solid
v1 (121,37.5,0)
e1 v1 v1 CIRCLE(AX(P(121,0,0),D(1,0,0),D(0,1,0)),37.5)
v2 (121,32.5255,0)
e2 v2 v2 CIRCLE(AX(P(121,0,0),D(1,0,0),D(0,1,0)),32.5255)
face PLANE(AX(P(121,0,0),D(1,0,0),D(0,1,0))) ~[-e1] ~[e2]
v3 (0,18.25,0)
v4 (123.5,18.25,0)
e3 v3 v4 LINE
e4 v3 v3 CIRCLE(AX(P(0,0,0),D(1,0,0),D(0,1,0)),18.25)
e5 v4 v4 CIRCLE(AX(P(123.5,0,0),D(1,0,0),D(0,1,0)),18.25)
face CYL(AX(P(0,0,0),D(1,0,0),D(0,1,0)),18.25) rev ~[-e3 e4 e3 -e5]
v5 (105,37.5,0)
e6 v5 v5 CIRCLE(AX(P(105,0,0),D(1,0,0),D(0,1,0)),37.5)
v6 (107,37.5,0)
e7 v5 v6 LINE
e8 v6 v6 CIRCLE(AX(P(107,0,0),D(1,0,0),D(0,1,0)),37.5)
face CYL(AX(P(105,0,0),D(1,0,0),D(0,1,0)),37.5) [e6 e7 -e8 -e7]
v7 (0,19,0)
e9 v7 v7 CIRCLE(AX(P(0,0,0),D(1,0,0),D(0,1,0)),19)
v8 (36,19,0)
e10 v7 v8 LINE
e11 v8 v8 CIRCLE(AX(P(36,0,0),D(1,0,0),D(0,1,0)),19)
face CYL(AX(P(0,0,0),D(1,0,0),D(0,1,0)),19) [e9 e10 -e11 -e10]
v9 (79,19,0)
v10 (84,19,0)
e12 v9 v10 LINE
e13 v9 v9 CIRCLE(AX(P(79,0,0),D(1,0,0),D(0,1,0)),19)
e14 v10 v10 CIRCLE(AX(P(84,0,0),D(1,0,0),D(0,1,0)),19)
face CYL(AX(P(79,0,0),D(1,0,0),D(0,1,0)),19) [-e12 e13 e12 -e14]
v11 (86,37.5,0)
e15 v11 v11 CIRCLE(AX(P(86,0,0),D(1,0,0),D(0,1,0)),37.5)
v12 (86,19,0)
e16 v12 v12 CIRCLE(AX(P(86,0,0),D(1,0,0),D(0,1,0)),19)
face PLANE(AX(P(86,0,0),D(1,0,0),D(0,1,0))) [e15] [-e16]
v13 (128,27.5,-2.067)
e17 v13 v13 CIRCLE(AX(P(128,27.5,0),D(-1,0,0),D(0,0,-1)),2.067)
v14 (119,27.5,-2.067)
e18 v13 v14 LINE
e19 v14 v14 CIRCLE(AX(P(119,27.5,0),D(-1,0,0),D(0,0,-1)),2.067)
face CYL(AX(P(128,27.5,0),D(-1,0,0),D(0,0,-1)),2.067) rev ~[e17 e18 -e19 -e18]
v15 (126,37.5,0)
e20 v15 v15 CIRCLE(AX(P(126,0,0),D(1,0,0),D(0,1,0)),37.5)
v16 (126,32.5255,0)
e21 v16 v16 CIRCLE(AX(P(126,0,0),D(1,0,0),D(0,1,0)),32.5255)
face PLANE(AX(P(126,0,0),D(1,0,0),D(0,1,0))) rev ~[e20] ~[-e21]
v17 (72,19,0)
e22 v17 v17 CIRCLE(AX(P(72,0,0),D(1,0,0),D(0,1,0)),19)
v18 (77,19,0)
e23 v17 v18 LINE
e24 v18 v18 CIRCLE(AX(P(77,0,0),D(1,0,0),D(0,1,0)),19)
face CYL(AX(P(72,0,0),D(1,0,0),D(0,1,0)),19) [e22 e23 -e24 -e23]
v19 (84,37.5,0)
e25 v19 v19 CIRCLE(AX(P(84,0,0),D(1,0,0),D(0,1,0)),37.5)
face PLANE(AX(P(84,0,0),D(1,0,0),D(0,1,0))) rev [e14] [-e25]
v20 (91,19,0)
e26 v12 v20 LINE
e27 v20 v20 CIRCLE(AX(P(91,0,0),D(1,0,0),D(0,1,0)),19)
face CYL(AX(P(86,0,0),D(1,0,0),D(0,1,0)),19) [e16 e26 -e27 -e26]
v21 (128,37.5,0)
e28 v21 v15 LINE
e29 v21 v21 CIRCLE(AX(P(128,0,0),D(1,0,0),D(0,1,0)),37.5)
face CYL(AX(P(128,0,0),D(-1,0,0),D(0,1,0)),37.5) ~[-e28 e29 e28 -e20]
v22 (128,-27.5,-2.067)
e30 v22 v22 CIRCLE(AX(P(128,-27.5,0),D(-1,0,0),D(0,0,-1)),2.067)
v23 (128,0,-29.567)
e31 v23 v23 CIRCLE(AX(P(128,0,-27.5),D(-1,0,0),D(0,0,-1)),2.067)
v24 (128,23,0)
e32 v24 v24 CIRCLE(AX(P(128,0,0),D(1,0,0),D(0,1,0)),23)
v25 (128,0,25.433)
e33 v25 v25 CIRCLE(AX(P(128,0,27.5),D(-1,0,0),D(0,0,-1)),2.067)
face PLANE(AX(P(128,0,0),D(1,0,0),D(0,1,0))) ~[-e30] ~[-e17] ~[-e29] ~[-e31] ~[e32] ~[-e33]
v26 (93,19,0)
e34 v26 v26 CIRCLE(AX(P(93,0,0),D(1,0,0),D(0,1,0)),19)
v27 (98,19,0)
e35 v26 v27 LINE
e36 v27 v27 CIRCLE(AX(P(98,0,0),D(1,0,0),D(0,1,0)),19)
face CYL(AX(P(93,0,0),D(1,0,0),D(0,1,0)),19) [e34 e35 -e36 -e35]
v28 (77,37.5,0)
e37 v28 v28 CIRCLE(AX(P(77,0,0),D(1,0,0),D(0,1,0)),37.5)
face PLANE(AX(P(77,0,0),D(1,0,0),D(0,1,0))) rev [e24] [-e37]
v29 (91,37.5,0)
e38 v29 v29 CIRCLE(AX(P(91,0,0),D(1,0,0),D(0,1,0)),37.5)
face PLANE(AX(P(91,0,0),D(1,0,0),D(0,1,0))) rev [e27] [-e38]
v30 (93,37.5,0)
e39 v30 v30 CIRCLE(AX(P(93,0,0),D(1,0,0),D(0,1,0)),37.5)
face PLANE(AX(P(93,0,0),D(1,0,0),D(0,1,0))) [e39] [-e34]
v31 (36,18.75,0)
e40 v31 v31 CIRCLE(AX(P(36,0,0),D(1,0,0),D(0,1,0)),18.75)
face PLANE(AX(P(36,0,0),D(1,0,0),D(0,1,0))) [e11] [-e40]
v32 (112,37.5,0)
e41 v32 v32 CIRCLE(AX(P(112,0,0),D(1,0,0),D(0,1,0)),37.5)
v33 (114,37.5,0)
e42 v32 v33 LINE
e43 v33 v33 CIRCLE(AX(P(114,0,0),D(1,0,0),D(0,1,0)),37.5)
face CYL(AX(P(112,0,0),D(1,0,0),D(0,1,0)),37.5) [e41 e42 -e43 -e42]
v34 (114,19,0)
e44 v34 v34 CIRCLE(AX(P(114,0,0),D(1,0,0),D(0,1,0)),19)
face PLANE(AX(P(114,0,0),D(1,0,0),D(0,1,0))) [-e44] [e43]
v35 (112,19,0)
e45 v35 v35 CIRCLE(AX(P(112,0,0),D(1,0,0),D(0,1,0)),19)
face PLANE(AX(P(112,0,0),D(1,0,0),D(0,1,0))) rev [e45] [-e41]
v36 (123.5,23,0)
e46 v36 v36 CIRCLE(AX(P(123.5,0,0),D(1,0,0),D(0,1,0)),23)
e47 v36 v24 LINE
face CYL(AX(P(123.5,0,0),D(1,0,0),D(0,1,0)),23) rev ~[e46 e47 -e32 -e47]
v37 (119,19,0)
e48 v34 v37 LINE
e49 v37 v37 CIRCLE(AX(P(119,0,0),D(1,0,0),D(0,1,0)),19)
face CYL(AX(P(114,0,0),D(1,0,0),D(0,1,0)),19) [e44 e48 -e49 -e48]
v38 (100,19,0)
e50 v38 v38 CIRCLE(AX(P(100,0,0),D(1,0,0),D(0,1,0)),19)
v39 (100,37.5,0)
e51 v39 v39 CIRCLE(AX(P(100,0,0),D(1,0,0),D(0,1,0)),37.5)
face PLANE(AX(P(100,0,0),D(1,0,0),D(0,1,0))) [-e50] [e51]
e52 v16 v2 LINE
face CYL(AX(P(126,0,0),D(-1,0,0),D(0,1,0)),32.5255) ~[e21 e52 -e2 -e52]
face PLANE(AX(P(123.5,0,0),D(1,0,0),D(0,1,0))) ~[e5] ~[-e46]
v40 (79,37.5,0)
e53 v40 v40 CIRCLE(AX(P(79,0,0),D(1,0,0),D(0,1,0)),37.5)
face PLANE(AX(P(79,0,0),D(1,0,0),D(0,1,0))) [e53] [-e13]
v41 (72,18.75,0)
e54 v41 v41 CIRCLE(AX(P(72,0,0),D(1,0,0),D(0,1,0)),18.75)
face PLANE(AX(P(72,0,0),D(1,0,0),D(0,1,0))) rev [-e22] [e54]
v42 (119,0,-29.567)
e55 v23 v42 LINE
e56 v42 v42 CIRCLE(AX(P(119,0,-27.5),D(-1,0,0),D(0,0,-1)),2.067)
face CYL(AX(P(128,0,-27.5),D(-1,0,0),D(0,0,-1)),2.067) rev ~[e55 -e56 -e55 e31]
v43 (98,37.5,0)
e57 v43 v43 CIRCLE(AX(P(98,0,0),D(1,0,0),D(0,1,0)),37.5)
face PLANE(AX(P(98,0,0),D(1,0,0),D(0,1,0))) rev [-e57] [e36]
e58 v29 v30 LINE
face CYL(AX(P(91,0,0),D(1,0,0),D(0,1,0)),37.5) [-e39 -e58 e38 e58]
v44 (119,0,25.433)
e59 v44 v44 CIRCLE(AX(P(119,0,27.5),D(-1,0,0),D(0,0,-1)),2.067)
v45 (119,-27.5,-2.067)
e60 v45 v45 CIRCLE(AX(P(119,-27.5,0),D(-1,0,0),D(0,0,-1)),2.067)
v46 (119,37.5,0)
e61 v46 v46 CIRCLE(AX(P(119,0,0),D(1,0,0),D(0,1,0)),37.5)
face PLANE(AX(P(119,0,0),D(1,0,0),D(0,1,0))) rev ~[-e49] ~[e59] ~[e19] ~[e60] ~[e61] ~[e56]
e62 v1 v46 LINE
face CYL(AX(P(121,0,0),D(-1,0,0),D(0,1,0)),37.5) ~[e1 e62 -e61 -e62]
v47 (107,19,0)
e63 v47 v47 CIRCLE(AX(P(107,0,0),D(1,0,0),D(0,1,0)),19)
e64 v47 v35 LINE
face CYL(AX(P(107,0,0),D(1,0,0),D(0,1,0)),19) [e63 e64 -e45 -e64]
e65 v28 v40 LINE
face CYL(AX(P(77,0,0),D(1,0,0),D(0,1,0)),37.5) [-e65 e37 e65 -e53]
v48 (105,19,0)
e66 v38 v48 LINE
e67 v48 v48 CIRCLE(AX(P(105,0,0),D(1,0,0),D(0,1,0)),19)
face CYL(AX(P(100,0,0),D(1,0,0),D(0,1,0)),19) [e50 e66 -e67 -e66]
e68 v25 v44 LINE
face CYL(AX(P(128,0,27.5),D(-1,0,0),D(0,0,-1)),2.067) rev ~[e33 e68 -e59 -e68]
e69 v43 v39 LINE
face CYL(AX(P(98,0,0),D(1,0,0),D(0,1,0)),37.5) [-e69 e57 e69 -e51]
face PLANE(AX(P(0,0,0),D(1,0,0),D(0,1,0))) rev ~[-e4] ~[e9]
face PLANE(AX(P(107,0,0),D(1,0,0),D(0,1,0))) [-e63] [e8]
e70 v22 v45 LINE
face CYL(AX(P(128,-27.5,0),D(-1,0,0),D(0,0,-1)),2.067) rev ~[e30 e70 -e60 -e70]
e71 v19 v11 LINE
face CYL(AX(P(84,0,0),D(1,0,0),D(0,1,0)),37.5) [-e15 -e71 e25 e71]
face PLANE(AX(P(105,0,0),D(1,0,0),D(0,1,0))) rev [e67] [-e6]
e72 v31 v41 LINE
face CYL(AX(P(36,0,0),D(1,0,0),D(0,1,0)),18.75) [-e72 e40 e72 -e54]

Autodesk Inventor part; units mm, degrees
ref_plane "YZ Plane" through (0, 0, 0) normal (1, 0, 0) x (0, 1, 0)
ref_plane "XZ Plane" through (0, 0, 0) normal (0, 1, 0) x (-1, 0, 0)
ref_plane "XY Plane" through (0, 0, 0) normal (0, 0, 1) x (1, 0, 0)
sketch "Sketch1" plane through (0, 0, 0) normal (0, 0, 1) x (1, 0, 0)
  line L0 (0, 0) -> (164, 0) construction
  line L1 (0, 19) -> (36, 19)
  line L2 (0, 19) -> (0, 18.25)
  line L3 (0, 18.25) -> (123.5, 18.25)
  line L4 (123.5, 18.25) -> (123.5, 23)
  line L5 (123.5, 23) -> (128, 23)
  line L6 (128, 23) -> (128, 37.5)
  line L7 (128, 37.5) -> (126, 37.5)
  line L8 (126, 37.5) -> (126, 32.5255)
  line L9 (36, 19) -> (36, 18.75)
  line L10 (36, 18.75) -> (72, 18.75)
  line L11 (72, 18.75) -> (72, 19)
  line L12 (72, 19) -> (77, 19)
  line L13 (77, 19) -> (77, 37.5)
  line L14 (77, 37.5) -> (79, 37.5)
  line L15 (79, 37.5) -> (79, 19)
  line L16 (79, 19) -> (84, 19)
  line L17 (84, 19) -> (84, 37.5)
  line L18 (84, 37.5) -> (86, 37.5)
  line L19 (86, 37.5) -> (86, 19)
  line L20 (86, 19) -> (91, 19)
  line L21 (91, 19) -> (91, 37.5)
  line L22 (91, 37.5) -> (93, 37.5)
  line L23 (93, 37.5) -> (93, 19)
  line L24 (93, 19) -> (98, 19)
  line L25 (98, 19) -> (98, 37.5)
  line L26 (98, 37.5) -> (100, 37.5)
  line L27 (100, 37.5) -> (100, 19)
  line L28 (100, 19) -> (105, 19)
  line L29 (105, 19) -> (105, 37.5)
  line L30 (105, 37.5) -> (107, 37.5)
  line L31 (107, 37.5) -> (107, 19)
  line L32 (107, 19) -> (112, 19)
  line L33 (112, 19) -> (112, 37.5)
  line L34 (112, 37.5) -> (114, 37.5)
  line L35 (114, 37.5) -> (114, 19)
  line L36 (114, 19) -> (119, 19)
  line L37 (126, 32.5255) -> (121, 32.5255)
  line L38 (121, 32.5255) -> (121, 37.5)
  line L39 (121, 37.5) -> (119, 37.5)
  line L40 (119, 37.5) -> (119, 19)
  point P0 (123.5, 32.5255)
  dimension "d0" = 38
  dimension "d1" = 36.5
  dimension "d2" = 46
  dimension "d3" = 37.5
  dimension "d4" = 36
  dimension "d5" = 36
  dimension "d6" = 2
  dimension "d7" = 75
  dimension "d10" = 7
  dimension "d15" = 9
  dimension "d16" = 128
revolve "Revolution1" add sketch "Sketch1" angle 360 about axis through (0, 0, 0) along (1, 0, 0)
sketch "Sketch2" plane through (128, 0, 0) normal (1, 0, 0) x (0, 0, -1)
  circle A0 centre (0, 0) radius 37.5 projected
  circle A1 centre (0, 0) radius 23 projected
  circle A2 centre (0, 0) radius 27.5 construction
  point P0 (0, 27.5)
  point P1 (-27.5, 0)
  point P2 (0, -27.5)
  point P3 (27.5, 0)
  dimension "d18" = 55
  dimension "d21" = 360
hole "Hole1" at (128, 27.5, 0) at (128, 0, -27.5) at (128, -27.5, 0) at (128, 0, 27.5) direction (-1, 0, 0) diameter 4.134 depth 9 thread size "M5x0.8" class "6H" standard "ISO Metric profile"
properties part number "HeatExchangeCylinder"
